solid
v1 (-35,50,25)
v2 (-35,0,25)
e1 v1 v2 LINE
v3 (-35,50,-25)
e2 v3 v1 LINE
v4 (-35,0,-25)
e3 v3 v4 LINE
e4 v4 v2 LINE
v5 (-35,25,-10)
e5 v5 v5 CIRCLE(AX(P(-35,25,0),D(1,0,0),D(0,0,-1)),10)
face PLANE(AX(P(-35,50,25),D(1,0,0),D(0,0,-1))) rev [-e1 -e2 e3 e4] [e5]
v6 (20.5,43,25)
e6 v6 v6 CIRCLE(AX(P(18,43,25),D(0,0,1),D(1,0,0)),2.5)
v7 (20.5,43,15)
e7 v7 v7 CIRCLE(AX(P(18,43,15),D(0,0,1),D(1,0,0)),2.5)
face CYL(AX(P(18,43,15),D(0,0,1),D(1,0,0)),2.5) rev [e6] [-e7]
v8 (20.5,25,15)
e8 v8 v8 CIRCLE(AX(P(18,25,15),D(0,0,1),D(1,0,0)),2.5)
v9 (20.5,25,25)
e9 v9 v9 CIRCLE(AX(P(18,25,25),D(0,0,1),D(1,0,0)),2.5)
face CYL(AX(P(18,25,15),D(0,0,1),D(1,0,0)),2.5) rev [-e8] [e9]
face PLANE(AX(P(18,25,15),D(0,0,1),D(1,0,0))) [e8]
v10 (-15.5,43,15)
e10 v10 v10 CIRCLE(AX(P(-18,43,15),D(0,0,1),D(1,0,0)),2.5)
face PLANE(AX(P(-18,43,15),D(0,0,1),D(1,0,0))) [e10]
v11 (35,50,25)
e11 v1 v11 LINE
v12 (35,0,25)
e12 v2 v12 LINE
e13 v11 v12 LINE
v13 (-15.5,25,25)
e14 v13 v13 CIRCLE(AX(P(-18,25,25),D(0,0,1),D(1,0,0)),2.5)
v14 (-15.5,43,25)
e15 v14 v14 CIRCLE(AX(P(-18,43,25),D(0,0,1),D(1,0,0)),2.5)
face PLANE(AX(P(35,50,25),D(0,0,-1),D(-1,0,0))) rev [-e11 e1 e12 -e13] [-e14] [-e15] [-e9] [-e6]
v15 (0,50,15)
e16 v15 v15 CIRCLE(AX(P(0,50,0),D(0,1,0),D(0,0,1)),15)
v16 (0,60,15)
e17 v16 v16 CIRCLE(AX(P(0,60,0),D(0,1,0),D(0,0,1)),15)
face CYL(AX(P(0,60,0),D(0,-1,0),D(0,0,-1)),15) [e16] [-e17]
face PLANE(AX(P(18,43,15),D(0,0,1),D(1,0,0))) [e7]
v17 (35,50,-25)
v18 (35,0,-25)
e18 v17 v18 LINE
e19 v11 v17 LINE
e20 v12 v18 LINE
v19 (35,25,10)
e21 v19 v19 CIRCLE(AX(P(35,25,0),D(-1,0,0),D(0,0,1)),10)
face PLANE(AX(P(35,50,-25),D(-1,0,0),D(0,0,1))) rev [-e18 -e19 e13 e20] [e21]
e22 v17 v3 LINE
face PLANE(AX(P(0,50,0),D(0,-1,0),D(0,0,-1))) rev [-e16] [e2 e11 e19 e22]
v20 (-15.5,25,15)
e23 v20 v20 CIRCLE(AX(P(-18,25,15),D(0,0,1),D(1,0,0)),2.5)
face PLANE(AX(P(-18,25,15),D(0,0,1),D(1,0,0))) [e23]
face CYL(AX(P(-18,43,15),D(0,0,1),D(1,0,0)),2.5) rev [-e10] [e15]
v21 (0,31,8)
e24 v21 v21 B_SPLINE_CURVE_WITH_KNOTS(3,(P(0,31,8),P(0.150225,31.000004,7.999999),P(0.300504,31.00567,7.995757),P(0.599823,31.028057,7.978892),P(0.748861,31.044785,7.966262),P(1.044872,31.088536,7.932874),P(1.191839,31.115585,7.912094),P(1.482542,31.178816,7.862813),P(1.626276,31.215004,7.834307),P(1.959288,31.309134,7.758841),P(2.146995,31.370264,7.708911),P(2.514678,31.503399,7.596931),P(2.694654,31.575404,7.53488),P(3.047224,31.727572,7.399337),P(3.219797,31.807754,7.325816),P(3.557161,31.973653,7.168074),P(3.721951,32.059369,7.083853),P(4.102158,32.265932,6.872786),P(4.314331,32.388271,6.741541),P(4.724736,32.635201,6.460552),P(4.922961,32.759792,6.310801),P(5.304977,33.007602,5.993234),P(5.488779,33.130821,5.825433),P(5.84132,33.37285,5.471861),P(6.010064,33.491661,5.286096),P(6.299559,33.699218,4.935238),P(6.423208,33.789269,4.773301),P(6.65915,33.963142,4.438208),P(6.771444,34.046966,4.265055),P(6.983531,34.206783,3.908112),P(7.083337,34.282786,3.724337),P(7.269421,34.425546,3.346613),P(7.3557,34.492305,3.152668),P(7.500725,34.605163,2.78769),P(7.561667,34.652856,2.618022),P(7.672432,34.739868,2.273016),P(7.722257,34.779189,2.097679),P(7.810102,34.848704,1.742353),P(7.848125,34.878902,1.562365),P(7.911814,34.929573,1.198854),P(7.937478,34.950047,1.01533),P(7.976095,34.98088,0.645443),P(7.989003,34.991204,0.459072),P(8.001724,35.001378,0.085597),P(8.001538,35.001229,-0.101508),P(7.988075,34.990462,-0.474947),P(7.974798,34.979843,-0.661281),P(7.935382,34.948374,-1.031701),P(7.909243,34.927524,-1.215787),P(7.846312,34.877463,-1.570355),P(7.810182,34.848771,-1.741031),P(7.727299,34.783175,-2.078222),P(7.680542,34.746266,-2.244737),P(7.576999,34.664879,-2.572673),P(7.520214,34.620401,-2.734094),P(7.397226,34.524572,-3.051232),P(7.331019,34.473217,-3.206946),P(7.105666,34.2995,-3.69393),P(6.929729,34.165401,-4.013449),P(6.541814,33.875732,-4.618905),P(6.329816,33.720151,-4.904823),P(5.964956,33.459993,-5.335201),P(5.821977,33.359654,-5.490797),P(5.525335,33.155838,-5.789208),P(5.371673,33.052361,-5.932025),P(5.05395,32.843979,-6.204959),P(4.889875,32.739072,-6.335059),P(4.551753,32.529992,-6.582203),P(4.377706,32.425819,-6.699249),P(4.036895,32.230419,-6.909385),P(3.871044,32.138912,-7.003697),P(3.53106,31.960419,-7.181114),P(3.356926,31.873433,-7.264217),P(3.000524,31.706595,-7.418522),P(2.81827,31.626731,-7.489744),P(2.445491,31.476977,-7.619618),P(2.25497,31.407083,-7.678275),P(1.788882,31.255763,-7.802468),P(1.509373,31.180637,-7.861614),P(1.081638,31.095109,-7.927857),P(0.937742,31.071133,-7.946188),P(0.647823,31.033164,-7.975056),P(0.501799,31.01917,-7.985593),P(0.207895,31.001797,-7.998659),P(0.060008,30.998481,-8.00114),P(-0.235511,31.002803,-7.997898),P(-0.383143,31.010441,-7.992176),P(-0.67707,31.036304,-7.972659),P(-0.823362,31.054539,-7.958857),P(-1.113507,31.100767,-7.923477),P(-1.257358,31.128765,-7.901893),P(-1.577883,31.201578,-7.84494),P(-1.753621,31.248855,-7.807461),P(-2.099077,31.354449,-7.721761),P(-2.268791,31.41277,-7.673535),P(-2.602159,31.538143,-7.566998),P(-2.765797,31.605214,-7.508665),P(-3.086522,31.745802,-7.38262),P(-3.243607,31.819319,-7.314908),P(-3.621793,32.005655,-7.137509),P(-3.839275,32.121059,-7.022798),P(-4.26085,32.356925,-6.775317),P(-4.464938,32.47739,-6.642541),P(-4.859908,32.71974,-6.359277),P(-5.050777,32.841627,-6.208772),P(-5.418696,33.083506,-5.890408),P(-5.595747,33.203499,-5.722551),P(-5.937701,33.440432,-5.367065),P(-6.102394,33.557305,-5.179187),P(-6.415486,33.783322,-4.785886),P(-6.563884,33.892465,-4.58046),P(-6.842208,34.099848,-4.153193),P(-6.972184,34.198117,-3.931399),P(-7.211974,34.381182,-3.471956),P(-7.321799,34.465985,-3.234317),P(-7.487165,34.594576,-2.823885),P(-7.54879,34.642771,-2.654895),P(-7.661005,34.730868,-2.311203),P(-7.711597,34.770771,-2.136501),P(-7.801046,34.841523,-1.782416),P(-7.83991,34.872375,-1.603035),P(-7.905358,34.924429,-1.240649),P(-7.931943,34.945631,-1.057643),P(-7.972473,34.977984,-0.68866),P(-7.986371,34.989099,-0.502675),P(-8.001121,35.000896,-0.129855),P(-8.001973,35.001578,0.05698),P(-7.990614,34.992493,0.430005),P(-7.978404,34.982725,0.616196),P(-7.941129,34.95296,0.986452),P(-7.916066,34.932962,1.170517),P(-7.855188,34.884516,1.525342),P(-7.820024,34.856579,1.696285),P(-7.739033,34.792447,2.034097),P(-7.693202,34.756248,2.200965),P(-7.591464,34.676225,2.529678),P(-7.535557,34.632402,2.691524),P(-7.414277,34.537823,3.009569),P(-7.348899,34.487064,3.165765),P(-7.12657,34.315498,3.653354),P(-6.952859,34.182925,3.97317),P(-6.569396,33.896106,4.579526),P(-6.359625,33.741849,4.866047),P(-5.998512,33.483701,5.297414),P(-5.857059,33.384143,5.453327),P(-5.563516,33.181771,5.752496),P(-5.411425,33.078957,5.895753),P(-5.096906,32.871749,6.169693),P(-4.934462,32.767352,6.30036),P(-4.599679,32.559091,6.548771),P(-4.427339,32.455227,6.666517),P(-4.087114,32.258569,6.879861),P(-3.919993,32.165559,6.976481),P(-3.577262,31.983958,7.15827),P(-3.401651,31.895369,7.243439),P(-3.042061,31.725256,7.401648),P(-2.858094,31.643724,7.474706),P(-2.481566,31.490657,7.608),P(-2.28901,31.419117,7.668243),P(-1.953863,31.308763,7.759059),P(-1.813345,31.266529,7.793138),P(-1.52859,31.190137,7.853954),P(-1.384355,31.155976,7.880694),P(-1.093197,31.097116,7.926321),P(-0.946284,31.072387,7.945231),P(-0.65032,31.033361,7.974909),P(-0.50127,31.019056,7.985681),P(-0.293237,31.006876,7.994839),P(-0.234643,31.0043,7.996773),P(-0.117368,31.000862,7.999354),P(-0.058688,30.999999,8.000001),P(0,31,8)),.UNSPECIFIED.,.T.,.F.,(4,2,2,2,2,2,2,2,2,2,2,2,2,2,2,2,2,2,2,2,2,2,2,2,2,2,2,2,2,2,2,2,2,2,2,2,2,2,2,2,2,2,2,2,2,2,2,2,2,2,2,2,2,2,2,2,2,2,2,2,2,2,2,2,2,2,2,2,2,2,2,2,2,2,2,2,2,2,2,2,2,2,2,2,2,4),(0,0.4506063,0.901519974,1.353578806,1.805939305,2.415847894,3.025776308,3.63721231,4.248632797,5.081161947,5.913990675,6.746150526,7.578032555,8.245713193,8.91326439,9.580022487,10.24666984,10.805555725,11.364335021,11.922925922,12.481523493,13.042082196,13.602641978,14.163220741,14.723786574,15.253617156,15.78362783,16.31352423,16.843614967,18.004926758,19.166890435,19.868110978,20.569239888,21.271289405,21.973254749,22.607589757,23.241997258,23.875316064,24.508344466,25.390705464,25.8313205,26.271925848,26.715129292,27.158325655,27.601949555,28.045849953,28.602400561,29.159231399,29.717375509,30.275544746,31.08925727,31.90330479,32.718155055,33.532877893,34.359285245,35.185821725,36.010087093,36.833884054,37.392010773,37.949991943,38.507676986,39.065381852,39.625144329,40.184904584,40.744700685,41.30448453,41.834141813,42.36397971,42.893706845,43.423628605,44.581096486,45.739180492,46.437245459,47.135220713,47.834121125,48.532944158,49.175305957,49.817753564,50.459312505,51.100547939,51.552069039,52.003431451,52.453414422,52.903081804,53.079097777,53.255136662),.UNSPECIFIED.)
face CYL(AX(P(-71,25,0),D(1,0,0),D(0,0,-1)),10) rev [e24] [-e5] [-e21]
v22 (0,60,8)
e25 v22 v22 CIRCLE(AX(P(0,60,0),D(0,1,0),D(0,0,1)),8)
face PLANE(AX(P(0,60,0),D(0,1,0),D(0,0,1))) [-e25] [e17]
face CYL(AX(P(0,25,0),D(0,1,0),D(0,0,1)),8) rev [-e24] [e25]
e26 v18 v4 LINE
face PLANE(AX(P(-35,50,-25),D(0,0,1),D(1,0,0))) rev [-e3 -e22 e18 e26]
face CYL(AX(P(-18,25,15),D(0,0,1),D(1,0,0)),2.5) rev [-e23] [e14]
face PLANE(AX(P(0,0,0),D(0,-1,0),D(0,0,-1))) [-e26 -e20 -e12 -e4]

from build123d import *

# Parameters (mm, degrees)
SKETCH_1_W          = 70
SKETCH_1_H          = 50
EXTRUDE_1_DEPTH     = 50
SKETCH_2_R          = 15
EXTRUDE_2_DEPTH     = 10
SKETCH_3_R          = 10
CUT_EXTRUDE_1_DEPTH = 71
SKETCH_4_R          = 8
CUT_EXTRUDE_2_DEPTH = 35
SKETCH_5_R          = 2.5
CUT_EXTRUDE_3_DEPTH = 10


with BuildPart() as part:
    # 草图1 → 凸台-拉伸1 (new body)
    with BuildSketch(Plane(origin=(0, 0, 0), x_dir=(1, 0, 0), z_dir=(0, 1, 0))):
        Rectangle(SKETCH_1_W, SKETCH_1_H)
    extrude(amount=EXTRUDE_1_DEPTH)

    # 草图2 → 凸台-拉伸2 (add)
    with BuildSketch(Plane(origin=(0, 50, 0), x_dir=(1, 0, 0), z_dir=(0, 1, 0))):
        with Locations(Location((0, 0, 0), (0, 0, 270))):
            Circle(SKETCH_2_R)
    extrude(amount=EXTRUDE_2_DEPTH)

    # 草图3 → 切除-拉伸1 (cut, symmetric)
    with BuildSketch(Plane(origin=(0, 0, 0), x_dir=(0, 0, -1), z_dir=(1, 0, 0))):
        with Locations((0, 25)):
            Circle(SKETCH_3_R)
    extrude(amount=CUT_EXTRUDE_1_DEPTH, both=True, mode=Mode.SUBTRACT)

    # 草图4 → 切除-拉伸2 (cut)
    with BuildSketch(Plane(origin=(0, 60, 0), x_dir=(1, 0, 0), z_dir=(0, 1, 0))):
        with Locations(Location((0, 0, 0), (0, 0, 270))):
            Circle(SKETCH_4_R)
    extrude(amount=-CUT_EXTRUDE_2_DEPTH, mode=Mode.SUBTRACT)

    # 草图5 → 切除-拉伸3 (cut)
    with BuildSketch(Plane.XY.offset(25)):
        with Locations((-18, 25)):
            Circle(SKETCH_5_R)
        with Locations((18, 25)):
            Circle(SKETCH_5_R)
        with Locations((-18, 43)):
            Circle(SKETCH_5_R)
        with Locations((18, 43)):
            Circle(SKETCH_5_R)
    extrude(amount=-CUT_EXTRUDE_3_DEPTH, mode=Mode.SUBTRACT)


solid = part.part
